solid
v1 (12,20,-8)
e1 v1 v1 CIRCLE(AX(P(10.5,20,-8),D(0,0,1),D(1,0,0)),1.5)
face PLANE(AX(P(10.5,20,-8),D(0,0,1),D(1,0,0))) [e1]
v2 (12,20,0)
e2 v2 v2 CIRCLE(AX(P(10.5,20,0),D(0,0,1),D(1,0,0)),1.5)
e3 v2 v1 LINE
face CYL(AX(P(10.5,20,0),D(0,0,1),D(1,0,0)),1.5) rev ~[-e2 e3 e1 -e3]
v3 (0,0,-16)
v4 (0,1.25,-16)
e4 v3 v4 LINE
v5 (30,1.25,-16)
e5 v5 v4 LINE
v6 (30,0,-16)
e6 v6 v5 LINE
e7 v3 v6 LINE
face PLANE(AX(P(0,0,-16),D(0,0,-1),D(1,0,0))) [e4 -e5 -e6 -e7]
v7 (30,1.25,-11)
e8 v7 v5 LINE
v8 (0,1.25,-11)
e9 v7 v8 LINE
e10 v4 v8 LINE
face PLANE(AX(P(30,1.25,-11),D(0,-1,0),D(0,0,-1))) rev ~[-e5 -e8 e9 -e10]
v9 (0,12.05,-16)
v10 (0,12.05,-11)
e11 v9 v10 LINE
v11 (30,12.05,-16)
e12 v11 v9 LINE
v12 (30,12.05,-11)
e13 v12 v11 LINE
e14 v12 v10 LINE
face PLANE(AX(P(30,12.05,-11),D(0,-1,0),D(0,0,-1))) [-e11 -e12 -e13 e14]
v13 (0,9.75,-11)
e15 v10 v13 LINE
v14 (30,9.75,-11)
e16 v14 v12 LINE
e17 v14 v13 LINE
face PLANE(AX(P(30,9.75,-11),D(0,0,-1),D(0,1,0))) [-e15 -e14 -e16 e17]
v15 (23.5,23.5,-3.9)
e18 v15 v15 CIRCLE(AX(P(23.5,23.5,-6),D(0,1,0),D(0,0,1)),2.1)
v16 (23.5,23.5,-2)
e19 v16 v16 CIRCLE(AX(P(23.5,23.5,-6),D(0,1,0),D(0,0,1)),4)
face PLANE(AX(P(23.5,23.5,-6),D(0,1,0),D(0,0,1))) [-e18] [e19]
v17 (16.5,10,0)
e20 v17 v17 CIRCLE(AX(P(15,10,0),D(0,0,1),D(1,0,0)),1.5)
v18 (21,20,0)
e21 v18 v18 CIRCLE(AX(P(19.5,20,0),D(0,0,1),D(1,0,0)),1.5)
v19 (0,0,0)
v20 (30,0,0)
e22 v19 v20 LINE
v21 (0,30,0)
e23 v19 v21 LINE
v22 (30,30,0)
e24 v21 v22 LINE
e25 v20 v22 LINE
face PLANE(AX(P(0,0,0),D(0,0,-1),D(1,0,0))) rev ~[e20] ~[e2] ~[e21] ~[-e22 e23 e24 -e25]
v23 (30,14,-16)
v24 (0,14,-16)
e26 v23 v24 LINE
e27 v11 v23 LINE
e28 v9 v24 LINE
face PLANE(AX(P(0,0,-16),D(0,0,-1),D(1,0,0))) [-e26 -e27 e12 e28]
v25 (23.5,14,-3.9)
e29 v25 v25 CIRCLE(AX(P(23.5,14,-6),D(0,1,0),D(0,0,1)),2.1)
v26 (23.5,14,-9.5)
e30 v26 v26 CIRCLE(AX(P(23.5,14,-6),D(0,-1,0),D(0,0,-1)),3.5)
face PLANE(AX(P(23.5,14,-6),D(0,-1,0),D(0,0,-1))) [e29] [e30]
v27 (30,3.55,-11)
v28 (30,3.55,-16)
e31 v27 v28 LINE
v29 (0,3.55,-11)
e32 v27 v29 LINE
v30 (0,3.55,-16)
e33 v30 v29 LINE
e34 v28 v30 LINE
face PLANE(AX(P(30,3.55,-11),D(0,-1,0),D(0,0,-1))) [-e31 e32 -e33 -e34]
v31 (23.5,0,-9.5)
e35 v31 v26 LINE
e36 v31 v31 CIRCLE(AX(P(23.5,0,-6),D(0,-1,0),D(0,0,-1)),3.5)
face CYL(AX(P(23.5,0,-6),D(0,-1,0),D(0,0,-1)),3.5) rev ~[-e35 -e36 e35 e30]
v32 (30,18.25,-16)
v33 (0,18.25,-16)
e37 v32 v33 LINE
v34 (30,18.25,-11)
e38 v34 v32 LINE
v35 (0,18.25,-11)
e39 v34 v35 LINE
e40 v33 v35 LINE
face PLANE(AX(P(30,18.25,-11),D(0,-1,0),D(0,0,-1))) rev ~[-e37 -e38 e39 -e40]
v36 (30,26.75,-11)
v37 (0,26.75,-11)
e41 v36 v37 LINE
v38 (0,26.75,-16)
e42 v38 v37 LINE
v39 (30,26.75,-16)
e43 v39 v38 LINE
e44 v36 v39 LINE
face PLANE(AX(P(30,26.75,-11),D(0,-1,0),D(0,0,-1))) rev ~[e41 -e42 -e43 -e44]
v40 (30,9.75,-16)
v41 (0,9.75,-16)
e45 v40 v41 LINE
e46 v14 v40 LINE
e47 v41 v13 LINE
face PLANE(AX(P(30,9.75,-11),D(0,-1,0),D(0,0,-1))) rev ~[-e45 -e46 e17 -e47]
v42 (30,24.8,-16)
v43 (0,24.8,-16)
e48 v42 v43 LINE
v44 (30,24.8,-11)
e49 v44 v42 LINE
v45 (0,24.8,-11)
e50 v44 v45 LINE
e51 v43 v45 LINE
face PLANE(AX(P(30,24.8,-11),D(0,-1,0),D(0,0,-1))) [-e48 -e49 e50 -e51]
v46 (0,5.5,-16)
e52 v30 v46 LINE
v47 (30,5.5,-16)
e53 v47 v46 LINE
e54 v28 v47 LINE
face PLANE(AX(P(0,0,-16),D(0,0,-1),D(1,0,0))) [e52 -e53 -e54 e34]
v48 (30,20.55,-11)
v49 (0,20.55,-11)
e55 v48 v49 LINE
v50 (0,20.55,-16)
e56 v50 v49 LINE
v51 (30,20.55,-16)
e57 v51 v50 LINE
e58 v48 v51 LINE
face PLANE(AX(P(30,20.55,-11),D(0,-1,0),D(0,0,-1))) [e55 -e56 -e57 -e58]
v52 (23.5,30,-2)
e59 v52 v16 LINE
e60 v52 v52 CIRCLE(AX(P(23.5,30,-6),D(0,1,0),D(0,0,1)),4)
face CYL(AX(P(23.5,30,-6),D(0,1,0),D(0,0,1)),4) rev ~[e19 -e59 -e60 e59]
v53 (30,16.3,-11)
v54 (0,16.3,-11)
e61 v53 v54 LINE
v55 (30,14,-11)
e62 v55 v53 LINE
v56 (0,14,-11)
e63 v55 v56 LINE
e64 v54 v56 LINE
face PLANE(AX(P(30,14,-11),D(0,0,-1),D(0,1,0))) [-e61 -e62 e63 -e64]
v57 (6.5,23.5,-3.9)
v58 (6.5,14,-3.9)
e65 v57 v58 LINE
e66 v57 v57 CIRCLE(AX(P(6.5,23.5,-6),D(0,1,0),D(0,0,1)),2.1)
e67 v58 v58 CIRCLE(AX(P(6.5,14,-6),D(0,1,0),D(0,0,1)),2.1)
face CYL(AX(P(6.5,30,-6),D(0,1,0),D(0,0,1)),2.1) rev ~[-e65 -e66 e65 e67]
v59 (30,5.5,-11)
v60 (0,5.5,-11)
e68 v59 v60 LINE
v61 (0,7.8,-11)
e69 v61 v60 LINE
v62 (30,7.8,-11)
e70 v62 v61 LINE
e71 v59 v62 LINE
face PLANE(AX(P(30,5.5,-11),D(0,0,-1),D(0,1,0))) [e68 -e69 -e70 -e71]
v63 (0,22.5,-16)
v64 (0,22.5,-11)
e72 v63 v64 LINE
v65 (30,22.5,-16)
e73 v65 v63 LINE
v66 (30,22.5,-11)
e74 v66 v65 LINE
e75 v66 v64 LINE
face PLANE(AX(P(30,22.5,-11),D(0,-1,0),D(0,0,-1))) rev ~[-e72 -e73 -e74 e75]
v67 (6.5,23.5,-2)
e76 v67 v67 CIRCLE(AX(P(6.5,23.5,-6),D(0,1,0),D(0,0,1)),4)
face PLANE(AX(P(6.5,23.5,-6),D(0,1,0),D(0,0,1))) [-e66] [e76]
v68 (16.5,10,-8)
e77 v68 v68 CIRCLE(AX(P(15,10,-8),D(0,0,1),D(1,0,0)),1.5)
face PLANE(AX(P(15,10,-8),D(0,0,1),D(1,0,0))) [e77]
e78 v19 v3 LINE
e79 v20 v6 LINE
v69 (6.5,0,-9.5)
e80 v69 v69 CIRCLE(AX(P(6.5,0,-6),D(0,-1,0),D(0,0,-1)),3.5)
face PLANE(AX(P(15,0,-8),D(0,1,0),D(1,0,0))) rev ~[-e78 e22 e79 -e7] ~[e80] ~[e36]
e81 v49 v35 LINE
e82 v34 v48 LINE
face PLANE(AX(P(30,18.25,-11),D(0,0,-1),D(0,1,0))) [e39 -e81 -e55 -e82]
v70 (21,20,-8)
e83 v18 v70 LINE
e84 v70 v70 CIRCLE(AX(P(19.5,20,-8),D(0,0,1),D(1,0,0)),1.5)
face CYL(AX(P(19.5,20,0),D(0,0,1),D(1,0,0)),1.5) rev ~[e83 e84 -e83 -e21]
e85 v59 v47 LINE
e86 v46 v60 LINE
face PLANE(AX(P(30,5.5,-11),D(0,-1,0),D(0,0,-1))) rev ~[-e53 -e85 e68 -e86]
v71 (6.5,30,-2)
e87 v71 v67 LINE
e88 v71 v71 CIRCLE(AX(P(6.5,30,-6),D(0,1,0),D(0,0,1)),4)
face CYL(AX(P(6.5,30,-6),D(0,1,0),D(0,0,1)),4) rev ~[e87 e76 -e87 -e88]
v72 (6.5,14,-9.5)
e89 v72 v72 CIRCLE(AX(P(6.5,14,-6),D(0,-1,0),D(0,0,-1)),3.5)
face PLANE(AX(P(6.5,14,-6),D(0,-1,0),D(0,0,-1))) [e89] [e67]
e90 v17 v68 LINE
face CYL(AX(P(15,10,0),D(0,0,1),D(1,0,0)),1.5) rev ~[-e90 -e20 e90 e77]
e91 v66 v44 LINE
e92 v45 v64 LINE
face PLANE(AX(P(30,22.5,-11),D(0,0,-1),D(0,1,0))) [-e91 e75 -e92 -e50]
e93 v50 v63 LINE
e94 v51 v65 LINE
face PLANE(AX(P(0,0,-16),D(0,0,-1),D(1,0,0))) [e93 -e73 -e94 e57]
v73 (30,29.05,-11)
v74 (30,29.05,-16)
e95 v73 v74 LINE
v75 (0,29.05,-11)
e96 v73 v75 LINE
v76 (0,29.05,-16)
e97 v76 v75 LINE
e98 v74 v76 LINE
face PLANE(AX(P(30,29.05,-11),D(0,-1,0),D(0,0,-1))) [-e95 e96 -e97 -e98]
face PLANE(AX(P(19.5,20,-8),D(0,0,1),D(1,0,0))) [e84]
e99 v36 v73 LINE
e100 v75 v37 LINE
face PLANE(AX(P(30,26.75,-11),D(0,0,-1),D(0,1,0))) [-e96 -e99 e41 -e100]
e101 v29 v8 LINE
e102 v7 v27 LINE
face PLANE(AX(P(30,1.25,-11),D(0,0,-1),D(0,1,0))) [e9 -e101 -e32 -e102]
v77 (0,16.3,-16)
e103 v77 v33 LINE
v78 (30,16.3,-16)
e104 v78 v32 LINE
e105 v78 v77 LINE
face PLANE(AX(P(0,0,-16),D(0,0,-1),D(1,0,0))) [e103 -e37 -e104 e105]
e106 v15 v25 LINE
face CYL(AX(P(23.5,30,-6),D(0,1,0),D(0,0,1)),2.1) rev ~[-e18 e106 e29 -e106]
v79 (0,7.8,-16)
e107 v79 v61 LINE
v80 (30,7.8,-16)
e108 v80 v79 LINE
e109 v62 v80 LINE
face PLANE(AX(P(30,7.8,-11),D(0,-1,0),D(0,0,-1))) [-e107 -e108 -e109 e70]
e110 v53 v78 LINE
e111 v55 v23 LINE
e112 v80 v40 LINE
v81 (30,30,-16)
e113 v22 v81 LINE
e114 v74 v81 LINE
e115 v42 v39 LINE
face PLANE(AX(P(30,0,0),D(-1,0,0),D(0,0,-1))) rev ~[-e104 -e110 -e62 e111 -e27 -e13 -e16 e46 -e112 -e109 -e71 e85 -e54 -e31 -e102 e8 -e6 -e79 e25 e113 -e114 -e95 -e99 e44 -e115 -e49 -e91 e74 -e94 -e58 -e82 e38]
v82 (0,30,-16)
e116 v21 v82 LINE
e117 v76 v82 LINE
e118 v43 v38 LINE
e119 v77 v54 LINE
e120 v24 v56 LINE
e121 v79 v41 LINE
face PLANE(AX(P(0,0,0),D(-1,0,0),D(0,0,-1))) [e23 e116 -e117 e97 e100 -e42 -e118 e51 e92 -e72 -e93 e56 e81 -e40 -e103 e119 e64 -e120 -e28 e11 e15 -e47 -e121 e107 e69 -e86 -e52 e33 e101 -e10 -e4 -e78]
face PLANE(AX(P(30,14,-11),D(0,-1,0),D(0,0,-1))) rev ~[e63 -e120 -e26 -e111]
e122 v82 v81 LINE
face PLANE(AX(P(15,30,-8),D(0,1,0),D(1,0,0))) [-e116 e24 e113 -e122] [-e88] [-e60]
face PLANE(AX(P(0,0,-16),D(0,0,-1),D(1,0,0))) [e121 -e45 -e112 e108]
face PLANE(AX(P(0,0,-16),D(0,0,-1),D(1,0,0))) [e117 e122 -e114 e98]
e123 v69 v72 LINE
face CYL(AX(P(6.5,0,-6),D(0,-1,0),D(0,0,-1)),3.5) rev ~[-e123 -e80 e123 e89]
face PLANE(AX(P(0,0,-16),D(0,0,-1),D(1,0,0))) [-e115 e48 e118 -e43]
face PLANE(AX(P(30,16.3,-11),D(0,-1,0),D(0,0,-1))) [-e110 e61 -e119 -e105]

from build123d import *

# Parameters (mm, degrees)
SKETCH1_W           = 30
SKETCH1_H           = 16
BOSS_EXTRUDE1_DEPTH = 30
CUT_EXTRUDE1_REACH  = 47.343
SKETCH2_R           = 2.1
SKETCH3_R           = 4
CUT_EXTRUDE2_DEPTH  = 6.5
SKETCH4_R           = 3.5
CUT_EXTRUDE3_DEPTH  = 14
SKETCH6_W           = 6.374381548
SKETCH6_H           = 2.3
CUT_EXTRUDE8_DEPTH  = 46.343136195
SKETCH7_R           = 1.5
CUT_EXTRUDE9_DEPTH  = 8


with BuildPart() as part:
    # Sketch1 → Boss-Extrude1 (new body)
    with BuildSketch(Plane(origin=(0, 0, 0), x_dir=(1, 0, 0), z_dir=(0, 1, 0))):
        with Locations((15, 8)):
            Rectangle(SKETCH1_W, SKETCH1_H)
    extrude(amount=BOSS_EXTRUDE1_DEPTH)

    # Sketch2 → Cut-Extrude1 (cut, up to next)
    with BuildSketch(Plane(origin=(0, 30, 0), x_dir=(1, 0, 0), z_dir=(0, 1, 0)), mode=Mode.PRIVATE) as cut_extrude1_sk1:
        with Locations(Location((6.5, 6, 0), (0, 0, 270))):
            Circle(SKETCH2_R)
    cut_extrude1_tool1 = extrude(cut_extrude1_sk1.sketch, amount=-CUT_EXTRUDE1_REACH, mode=Mode.PRIVATE) & part.part
    # Sketch2 → Cut-Extrude1 (cut, up to next)
    with BuildSketch(Plane(origin=(0, 30, 0), x_dir=(1, 0, 0), z_dir=(0, 1, 0)), mode=Mode.PRIVATE) as cut_extrude1_sk2:
        with Locations(Location((23.5, 6, 0), (0, 0, 270))):
            Circle(SKETCH2_R)
    cut_extrude1_tool2 = extrude(cut_extrude1_sk2.sketch, amount=-CUT_EXTRUDE1_REACH, mode=Mode.PRIVATE) & part.part
    add(cut_extrude1_tool1.solids().sort_by_distance((6.5, 30, -6))[0], mode=Mode.SUBTRACT)
    add(cut_extrude1_tool2.solids().sort_by_distance((23.5, 30, -6))[0], mode=Mode.SUBTRACT)

    # Sketch3 → Cut-Extrude2 (cut)
    with BuildSketch(Plane(origin=(0, 30, 0), x_dir=(1, 0, 0), z_dir=(0, 1, 0))):
        with Locations(Location((6.5, 6, 0), (0, 0, 270))):
            Circle(SKETCH3_R)
        with Locations(Location((23.5, 6, 0), (0, 0, 270))):
            Circle(SKETCH3_R)
    extrude(amount=-CUT_EXTRUDE2_DEPTH, mode=Mode.SUBTRACT)

    # Sketch4 → Cut-Extrude3 (cut)
    with BuildSketch(Plane.XZ):
        with Locations(Location((6.5, -6, 0), (0, 0, 270))):
            Circle(SKETCH4_R)
        with Locations(Location((23.5, -6, 0), (0, 0, 270))):
            Circle(SKETCH4_R)
    extrude(amount=-CUT_EXTRUDE3_DEPTH, mode=Mode.SUBTRACT)

    # Sketch6 → Cut-Extrude8 (cut, through all)
    with BuildSketch(Plane(origin=(30, 0, 0), x_dir=(0, 0, -1), z_dir=(1, 0, 0))):
        with Locations((14.187190774, 2.4)):
            Rectangle(SKETCH6_W, SKETCH6_H)
        with Locations((14.187190774, 6.65)):
            Rectangle(SKETCH6_W, SKETCH6_H)
        with Locations((14.187190774, 10.9)):
            Rectangle(SKETCH6_W, SKETCH6_H)
        with Locations((14.187190774, 15.15)):
            Rectangle(SKETCH6_W, SKETCH6_H)
        with Locations((14.187190774, 19.4)):
            Rectangle(SKETCH6_W, SKETCH6_H)
        with Locations((14.187190774, 23.65)):
            Rectangle(SKETCH6_W, SKETCH6_H)
        with Locations((14.187190774, 27.9)):
            Rectangle(SKETCH6_W, SKETCH6_H)
    extrude(amount=-CUT_EXTRUDE8_DEPTH, mode=Mode.SUBTRACT)

    # Sketch7 → Cut-Extrude9 (cut)
    with BuildSketch(Plane.XY):
        with Locations((15, 10)):
            Circle(SKETCH7_R)
        with Locations((10.5, 20)):
            Circle(SKETCH7_R)
        with Locations((19.5, 20)):
            Circle(SKETCH7_R)
    extrude(amount=-CUT_EXTRUDE9_DEPTH, mode=Mode.SUBTRACT)


solid = part.part
